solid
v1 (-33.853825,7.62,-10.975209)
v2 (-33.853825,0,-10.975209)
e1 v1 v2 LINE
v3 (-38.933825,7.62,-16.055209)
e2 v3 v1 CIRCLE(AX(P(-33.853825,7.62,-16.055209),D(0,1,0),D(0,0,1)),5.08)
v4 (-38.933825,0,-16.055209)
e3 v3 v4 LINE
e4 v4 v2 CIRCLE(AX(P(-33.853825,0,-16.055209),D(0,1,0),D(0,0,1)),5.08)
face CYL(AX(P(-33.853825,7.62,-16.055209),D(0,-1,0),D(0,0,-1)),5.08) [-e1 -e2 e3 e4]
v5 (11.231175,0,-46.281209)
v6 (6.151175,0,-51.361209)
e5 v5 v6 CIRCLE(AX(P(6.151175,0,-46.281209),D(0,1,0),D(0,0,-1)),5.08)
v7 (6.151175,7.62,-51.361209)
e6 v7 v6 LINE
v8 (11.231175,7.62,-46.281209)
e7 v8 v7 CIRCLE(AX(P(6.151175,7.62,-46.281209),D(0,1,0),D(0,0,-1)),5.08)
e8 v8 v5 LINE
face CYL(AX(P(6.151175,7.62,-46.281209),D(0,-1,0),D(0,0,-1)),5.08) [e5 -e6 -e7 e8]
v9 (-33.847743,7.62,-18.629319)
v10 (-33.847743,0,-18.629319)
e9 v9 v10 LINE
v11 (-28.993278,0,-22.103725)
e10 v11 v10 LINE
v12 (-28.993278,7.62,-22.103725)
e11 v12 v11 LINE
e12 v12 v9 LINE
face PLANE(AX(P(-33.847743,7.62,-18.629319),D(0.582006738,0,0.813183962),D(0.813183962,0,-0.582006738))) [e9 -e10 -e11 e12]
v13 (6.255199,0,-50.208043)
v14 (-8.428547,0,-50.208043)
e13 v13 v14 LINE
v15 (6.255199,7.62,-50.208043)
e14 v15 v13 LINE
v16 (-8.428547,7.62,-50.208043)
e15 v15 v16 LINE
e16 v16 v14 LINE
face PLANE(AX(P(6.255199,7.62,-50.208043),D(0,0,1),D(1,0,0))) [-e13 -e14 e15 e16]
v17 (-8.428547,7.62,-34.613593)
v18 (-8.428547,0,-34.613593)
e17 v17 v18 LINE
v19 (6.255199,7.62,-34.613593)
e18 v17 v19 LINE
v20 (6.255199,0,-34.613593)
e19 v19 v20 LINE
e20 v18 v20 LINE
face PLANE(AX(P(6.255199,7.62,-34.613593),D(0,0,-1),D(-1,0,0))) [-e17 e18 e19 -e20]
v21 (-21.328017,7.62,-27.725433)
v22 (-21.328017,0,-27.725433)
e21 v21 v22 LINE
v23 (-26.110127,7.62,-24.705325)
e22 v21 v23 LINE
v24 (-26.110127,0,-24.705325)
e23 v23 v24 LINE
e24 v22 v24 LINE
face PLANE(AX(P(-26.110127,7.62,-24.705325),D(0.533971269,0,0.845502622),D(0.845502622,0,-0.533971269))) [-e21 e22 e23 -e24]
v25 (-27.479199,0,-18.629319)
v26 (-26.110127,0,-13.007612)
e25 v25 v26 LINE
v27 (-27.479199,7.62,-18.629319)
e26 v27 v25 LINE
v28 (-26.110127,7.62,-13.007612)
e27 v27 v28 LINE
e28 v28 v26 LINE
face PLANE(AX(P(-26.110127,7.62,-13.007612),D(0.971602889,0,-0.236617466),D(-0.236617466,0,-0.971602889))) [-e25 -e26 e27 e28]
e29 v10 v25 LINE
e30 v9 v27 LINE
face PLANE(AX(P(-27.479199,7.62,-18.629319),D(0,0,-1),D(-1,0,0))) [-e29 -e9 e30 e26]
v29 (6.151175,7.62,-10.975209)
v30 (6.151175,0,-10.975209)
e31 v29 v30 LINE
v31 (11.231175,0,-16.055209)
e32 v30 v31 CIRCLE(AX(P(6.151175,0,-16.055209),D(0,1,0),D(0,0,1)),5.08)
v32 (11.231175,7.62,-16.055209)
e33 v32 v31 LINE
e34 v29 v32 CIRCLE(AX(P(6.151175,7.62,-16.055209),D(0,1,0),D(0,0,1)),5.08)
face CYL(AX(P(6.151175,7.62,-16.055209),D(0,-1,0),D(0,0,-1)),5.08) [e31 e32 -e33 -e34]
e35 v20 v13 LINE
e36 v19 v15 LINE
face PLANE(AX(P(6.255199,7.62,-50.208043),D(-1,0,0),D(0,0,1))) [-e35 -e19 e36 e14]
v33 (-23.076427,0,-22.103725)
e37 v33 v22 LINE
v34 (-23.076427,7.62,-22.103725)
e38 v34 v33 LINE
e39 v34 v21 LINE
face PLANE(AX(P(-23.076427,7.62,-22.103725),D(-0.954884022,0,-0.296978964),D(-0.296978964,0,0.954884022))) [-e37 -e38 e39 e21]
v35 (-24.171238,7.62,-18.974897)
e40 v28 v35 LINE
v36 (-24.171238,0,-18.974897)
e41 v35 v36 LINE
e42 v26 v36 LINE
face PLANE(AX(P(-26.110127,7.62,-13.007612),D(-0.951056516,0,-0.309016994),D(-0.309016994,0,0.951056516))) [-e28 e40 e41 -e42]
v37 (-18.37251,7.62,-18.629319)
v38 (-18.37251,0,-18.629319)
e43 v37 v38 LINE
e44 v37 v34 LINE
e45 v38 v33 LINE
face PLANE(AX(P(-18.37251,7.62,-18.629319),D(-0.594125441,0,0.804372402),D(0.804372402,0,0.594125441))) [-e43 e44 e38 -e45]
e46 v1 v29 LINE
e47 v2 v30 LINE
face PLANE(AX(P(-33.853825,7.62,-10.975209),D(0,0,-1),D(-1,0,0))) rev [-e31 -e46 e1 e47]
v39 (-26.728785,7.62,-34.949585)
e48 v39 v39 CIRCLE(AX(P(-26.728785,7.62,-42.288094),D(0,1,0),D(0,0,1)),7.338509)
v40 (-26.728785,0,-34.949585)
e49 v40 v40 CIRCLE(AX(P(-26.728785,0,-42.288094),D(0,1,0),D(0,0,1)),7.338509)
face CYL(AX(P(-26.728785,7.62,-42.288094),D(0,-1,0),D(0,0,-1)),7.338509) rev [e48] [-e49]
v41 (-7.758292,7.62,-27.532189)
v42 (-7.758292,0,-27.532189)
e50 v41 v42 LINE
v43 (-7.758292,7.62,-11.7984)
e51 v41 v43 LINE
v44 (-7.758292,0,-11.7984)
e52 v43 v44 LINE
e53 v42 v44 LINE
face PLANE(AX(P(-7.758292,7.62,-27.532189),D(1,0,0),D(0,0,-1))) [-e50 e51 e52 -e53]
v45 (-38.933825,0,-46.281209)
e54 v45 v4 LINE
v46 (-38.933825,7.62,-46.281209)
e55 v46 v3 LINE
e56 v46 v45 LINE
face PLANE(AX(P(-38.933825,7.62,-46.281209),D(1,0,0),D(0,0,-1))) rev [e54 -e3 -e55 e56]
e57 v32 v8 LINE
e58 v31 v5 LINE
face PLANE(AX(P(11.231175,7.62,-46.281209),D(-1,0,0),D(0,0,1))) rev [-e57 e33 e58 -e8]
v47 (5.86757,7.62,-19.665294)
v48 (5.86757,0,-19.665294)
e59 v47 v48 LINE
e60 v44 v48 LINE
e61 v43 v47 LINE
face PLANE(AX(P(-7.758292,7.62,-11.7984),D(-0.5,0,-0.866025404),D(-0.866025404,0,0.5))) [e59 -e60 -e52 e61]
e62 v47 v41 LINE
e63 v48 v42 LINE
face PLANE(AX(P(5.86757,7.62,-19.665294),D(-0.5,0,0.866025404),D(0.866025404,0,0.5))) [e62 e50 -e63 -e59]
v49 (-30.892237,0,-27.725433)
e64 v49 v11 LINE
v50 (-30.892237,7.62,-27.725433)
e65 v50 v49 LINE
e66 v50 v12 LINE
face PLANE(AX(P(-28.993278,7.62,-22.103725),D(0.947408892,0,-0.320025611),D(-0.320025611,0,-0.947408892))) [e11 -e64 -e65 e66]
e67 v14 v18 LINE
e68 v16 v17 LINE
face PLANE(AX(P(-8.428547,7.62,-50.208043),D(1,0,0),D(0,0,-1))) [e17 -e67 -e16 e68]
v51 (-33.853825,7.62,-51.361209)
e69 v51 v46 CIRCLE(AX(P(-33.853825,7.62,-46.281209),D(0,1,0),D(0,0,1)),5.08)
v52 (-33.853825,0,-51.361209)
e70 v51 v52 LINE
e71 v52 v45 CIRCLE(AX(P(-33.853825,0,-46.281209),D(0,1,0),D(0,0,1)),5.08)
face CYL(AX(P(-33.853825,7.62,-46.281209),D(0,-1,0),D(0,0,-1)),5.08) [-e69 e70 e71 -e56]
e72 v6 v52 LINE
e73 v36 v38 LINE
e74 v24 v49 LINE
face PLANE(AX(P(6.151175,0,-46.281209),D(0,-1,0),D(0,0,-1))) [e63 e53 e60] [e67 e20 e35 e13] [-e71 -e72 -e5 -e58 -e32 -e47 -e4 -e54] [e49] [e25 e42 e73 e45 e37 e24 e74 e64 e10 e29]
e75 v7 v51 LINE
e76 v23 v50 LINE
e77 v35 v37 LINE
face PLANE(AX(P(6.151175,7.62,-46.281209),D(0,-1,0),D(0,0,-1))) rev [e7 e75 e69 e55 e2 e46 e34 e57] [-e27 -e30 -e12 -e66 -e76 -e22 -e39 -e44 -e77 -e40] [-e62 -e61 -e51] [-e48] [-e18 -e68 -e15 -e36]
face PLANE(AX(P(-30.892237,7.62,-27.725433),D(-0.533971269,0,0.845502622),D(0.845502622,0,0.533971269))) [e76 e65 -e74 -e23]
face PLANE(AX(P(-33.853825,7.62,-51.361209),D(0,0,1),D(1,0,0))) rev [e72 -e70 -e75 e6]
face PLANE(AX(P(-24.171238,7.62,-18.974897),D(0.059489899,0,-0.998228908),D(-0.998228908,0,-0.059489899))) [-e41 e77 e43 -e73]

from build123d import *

# Parameters (mm, degrees)
SKETCH1_R           = 7.338508892
SKETCH1_W           = 14.683745891
SKETCH1_H           = 15.594449323
BOSS_EXTRUDE6_DEPTH = 7.62


with BuildPart() as part:
    # Sketch1 → Boss-Extrude6 (new body)
    with BuildSketch(Plane(origin=(0, 0, 0), x_dir=(1, 0, 0), z_dir=(0, 1, 0))):
        with BuildLine():
            Line((-33.85382456, 51.361208868), (6.15117544, 51.361208868))
            ThreePointArc((6.15117544, 51.361208868), (9.743277889, 49.873311317), (11.23117544, 46.281208868))
            Line((11.23117544, 46.281208868), (11.23117544, 16.055208868))
            ThreePointArc((11.23117544, 16.055208868), (9.743277889, 12.46310642), (6.15117544, 10.975208868))
            Line((6.15117544, 10.975208868), (-33.85382456, 10.975208868))
            ThreePointArc((-33.85382456, 10.975208868), (-37.445927008, 12.46310642), (-38.93382456, 16.055208868))
            Line((-38.93382456, 16.055208868), (-38.93382456, 46.281208868))
            ThreePointArc((-38.93382456, 46.281208868), (-37.445927008, 49.873311317), (-33.85382456, 51.361208868))
        make_face()
        with Locations((-26.728784531, 42.288093859)):
            Circle(SKETCH1_R, mode=Mode.SUBTRACT)
        Polygon((-26.110126673, 13.007611736), (-27.479198511, 18.629319113), (-33.847743068, 18.629319113), (-28.993277919, 22.103725346), (-30.892236597, 27.725432723), (-26.110126673, 24.705324634), (-21.328016749, 27.725432723), (-23.076426813, 22.103725346), (-18.372510278, 18.629319113), (-24.17123819, 18.974896902), align=None, mode=Mode.SUBTRACT)
        with Locations((-1.086674016, 42.41081801)):
            Rectangle(SKETCH1_W, SKETCH1_H, mode=Mode.SUBTRACT)
        Polygon((5.867569864, 19.665294437), (-7.758291576, 27.532189206), (-7.758291576, 11.798399667), align=None, mode=Mode.SUBTRACT)
    extrude(amount=BOSS_EXTRUDE6_DEPTH)


solid = part.part
